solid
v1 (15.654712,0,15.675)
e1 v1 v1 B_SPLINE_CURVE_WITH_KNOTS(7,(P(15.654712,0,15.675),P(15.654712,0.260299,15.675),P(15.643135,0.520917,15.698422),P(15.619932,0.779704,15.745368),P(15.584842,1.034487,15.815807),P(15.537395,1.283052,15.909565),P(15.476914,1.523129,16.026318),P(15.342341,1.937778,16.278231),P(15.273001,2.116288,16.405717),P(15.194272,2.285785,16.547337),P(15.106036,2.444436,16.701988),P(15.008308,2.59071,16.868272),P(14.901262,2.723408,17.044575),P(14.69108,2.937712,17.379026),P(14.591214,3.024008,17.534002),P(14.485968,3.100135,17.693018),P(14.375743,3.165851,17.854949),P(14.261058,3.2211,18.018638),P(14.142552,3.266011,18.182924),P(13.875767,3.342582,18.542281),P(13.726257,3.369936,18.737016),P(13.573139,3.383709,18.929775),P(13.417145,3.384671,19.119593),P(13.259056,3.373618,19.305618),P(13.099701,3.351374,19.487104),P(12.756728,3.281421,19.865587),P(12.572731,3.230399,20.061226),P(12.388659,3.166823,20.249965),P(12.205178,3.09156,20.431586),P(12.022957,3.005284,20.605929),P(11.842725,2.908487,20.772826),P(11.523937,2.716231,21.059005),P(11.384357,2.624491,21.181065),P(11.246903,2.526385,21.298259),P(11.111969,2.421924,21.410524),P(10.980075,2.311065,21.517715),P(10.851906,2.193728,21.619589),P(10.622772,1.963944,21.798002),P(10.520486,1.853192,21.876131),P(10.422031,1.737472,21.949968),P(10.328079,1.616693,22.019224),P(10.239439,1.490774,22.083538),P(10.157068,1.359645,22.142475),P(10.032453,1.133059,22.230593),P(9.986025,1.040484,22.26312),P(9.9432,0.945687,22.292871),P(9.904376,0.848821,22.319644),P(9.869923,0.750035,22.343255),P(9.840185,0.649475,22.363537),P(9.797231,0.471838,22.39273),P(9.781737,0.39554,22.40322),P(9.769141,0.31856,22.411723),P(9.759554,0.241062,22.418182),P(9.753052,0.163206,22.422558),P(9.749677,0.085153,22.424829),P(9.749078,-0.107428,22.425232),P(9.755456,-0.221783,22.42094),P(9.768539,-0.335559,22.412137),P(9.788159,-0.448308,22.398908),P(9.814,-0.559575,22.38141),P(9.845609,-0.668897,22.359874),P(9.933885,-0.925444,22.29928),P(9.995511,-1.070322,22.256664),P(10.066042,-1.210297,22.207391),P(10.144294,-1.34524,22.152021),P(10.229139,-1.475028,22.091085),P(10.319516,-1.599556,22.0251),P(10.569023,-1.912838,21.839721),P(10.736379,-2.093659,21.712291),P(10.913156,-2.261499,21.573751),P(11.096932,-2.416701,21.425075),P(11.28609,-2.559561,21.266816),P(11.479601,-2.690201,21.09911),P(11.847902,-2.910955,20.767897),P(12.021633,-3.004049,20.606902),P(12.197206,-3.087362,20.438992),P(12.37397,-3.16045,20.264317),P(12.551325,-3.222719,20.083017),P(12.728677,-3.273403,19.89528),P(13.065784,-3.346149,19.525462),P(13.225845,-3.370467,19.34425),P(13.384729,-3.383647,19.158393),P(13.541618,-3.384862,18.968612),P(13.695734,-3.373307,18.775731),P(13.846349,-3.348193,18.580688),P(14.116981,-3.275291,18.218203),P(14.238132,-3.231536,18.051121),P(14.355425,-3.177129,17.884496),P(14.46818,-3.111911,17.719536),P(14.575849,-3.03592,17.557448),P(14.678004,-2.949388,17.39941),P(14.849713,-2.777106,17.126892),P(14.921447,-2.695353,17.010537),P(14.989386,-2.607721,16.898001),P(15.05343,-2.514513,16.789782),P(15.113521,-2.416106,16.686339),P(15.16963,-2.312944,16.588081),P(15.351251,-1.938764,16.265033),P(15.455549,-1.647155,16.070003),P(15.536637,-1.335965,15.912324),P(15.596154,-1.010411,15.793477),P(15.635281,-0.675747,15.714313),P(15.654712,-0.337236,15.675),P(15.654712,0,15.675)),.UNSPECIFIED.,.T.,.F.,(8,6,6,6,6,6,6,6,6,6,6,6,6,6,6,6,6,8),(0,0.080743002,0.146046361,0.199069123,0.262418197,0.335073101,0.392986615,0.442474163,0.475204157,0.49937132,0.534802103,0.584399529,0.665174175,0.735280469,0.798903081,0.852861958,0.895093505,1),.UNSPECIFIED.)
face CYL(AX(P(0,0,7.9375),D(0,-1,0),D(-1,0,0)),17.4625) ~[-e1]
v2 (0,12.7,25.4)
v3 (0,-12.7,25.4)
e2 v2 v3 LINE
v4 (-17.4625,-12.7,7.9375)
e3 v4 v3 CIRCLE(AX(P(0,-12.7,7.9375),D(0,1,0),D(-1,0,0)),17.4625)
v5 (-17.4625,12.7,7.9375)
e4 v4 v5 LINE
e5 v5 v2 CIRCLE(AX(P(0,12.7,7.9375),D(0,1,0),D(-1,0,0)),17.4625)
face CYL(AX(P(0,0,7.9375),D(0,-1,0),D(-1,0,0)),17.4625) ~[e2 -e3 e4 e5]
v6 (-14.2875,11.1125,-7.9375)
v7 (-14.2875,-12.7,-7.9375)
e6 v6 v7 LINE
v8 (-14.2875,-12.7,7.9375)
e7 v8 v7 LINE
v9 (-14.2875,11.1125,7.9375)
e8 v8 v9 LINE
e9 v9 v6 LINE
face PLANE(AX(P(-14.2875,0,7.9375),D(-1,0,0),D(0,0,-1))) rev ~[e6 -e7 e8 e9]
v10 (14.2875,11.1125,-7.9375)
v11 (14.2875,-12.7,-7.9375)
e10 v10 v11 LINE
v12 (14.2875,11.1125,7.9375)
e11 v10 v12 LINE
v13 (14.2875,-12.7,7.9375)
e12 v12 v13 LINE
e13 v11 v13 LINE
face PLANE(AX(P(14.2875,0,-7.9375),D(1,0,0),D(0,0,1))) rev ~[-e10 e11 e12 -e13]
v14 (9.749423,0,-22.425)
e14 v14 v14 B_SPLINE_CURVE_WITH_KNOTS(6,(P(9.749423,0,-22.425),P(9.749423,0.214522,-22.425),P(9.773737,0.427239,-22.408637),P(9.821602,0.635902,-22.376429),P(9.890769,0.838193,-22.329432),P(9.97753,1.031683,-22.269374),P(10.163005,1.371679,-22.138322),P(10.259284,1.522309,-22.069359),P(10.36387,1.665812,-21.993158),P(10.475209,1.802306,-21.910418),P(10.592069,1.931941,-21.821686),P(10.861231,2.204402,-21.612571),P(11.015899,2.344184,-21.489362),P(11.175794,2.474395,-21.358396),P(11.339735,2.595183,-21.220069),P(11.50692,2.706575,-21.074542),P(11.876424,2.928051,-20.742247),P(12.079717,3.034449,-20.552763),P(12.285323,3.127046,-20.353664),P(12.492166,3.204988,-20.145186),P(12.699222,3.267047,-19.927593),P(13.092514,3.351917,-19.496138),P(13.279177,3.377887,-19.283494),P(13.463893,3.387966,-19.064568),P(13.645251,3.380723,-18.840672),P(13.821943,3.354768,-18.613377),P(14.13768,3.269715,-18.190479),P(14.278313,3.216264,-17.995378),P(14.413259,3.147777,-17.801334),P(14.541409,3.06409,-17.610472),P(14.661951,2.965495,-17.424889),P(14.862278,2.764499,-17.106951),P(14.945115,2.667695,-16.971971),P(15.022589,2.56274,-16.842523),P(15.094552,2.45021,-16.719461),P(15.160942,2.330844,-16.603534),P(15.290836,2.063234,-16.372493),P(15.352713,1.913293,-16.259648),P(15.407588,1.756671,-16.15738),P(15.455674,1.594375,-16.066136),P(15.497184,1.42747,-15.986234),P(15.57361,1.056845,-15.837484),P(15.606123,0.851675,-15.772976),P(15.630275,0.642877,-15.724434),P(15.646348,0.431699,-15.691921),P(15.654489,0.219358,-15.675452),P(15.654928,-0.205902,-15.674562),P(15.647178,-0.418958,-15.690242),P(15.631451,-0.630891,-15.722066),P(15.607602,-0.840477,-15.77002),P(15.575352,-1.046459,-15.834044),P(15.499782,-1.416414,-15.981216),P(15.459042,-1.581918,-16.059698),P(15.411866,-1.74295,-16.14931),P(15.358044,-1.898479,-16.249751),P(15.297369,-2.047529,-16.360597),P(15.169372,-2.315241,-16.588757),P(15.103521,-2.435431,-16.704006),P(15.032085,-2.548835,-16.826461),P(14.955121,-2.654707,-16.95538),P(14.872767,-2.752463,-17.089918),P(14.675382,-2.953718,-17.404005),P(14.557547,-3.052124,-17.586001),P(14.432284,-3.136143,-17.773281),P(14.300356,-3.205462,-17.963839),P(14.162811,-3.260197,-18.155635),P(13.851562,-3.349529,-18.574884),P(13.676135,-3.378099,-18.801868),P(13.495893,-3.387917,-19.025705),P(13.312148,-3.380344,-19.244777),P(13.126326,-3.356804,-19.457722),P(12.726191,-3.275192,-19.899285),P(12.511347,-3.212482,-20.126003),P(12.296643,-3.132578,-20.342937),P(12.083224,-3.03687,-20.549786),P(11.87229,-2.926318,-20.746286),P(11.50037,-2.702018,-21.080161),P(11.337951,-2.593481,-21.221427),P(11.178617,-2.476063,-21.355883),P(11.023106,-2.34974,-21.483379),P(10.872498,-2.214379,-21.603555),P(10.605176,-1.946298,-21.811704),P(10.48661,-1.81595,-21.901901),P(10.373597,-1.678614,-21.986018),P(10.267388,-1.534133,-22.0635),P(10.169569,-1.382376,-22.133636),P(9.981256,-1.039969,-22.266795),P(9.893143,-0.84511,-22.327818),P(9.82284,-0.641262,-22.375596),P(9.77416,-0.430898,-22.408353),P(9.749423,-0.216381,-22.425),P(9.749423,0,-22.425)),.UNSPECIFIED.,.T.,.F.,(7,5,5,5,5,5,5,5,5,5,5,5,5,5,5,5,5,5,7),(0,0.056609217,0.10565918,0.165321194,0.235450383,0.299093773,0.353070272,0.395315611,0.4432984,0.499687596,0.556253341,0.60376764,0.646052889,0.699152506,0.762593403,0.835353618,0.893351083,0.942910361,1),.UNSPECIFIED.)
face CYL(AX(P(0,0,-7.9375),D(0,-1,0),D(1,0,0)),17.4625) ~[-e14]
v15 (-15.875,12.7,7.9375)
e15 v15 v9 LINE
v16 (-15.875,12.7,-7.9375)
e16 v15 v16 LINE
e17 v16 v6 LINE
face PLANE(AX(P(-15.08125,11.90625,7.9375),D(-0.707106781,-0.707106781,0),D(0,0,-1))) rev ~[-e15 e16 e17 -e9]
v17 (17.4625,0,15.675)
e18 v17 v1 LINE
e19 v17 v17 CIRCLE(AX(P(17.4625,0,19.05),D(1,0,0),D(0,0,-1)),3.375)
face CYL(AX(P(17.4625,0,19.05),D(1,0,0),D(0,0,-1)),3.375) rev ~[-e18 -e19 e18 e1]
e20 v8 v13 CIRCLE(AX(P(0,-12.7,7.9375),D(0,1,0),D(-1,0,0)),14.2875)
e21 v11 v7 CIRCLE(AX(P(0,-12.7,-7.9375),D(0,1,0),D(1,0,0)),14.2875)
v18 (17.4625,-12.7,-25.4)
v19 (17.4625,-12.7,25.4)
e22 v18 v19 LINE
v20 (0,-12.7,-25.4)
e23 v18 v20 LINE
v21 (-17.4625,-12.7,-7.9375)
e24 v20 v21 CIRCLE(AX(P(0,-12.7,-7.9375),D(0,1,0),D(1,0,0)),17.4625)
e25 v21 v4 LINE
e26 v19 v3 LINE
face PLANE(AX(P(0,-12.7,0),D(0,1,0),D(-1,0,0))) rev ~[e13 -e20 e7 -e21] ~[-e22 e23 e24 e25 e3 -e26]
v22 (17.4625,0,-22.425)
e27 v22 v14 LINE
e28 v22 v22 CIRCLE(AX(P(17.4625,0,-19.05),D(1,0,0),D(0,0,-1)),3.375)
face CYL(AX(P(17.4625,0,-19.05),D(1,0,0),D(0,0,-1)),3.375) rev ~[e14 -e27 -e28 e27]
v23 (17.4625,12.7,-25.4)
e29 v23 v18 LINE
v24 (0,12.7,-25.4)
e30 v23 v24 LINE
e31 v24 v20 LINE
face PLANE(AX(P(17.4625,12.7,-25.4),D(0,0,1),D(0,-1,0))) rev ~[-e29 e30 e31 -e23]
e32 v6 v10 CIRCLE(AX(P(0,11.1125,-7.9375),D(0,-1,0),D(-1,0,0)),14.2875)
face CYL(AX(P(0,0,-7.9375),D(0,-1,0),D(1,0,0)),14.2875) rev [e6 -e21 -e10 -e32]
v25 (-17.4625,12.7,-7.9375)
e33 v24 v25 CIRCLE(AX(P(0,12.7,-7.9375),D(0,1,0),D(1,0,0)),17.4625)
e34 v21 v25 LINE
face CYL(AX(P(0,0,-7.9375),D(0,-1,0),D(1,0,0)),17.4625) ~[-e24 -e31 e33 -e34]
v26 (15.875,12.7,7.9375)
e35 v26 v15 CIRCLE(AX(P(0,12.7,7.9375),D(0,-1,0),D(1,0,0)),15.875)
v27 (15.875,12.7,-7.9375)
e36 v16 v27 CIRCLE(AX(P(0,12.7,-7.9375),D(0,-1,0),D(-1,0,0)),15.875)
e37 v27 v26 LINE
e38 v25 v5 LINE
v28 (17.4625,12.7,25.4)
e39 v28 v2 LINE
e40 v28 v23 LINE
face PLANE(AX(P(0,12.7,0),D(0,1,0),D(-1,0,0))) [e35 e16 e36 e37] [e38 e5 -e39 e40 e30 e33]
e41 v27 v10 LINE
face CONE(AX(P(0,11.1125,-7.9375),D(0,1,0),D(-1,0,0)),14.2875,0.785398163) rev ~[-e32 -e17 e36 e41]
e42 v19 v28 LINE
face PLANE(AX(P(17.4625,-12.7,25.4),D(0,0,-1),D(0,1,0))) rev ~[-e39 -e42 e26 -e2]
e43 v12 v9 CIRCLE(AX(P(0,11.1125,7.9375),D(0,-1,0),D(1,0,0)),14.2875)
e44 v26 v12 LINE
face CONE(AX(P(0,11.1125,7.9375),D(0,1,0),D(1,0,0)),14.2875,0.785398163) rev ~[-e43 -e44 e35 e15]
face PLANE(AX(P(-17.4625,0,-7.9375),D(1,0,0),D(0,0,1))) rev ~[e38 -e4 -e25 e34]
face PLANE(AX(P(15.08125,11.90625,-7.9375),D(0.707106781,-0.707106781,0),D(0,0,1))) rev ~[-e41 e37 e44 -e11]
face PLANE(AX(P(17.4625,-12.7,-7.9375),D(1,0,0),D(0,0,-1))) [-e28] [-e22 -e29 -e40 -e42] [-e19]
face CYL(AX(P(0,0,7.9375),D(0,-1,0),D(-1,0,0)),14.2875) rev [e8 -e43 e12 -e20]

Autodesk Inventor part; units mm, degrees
ref_plane "YZ Plane" through (0, 0, 0) normal (1, 0, 0) x (0, 1, 0)
ref_plane "XZ Plane" through (0, 0, 0) normal (0, 1, 0) x (-1, 0, 0)
ref_plane "XY Plane" through (0, 0, 0) normal (0, 0, 1) x (1, 0, 0)
sketch "Sketch1" plane through (0, 0, 0) normal (0, 1, 0) x (-1, 0, 0)
  line L0 (0, -7.9375) -> (0, 7.9375) construction
  line L1 (17.4625, -7.9375) -> (17.4625, 7.9375)
  line L2 (-17.4625, 7.9375) -> (-17.4625, -7.9375)
  arc A0 (-17.4625, -7.9375) -> (17.4625, -7.9375) centre (0, -7.9375) ccw
  arc A1 (17.4625, 7.9375) -> (-17.4625, 7.9375) centre (0, 7.9375) ccw
  line L3 (14.2875, 7.9375) -> (14.2875, -7.9375)
  arc A2 (-14.2875, -7.9375) -> (14.2875, -7.9375) centre (0, -7.9375) ccw
  line L4 (-14.2875, -7.9375) -> (-14.2875, 7.9375)
  arc A3 (14.2875, 7.9375) -> (-14.2875, 7.9375) centre (0, 7.9375) ccw
  point P0 (0, 0)
  point P1 (0, 25.4)
  point P2 (0, -25.4)
  dimension "d1" = 34.925
  dimension "d2" = 3.175
  dimension "d3" = 50.8
extrude "Extrusion1" add sketch "Sketch1" along normal mid plane 25.4
sketch "Sketch2" plane through (17.4625, -12.7, -7.9375) normal (1, 0, 0) x (0, 0, -1)
  line L0 (0, 0) -> (0, 25.4) construction
  line L1 (-15.875, 25.4) -> (0, 25.4) construction
  line L2 (-15.875, 0) -> (-15.875, 25.4) construction
  line L3 (0, 0) -> (-15.875, 0) construction
  line L4 (-15.875, 0) -> (-15.875, 25.4) construction
  line L5 (-15.875, 25.4) -> (-15.875, 25.4) construction
  line L6 (-15.875, 25.4) -> (-15.875, 0) construction
  line L7 (-15.875, 0) -> (-15.875, 0) construction
  line L8 (0, 0) -> (0, 25.4) construction
  line L9 (0, 25.4) -> (0, 25.4) construction
  line L10 (0, 0) -> (0, 25.4) construction
  line L11 (0, 0) -> (0, 0) construction
  line L12 (-15.875, 25.4) -> (-33.3375, 25.4) construction
  line L13 (17.4625, 0) -> (17.4625, 25.4) construction
  line L14 (-33.3375, 25.4) -> (17.4625, 25.4)
  line L15 (17.4625, 25.4) -> (17.4625, 0)
  line L16 (17.4625, 0) -> (-33.3375, 0)
  line L17 (-33.3375, 0) -> (-33.3375, 25.4)
  line L18 (0, 0) -> (-15.875, 0) construction
  circle A0 centre (-26.9875, 12.7) radius 3.375
  circle A1 centre (11.1125, 12.7) radius 3.375
  line L19 (-26.9875, 12.7) -> (11.1125, 12.7) construction
  point P0 (-7.9375, 12.7)
  point P1 (-7.9375, 12.7)
  dimension "d6" = 6.75
  dimension "d7" = 38.1
extrude "Extrusion2" add sketch "Sketch2" against normal up to next
extrude "Extrusion3" cut sketch "Sketch1" along normal mid plane 25.4 contours L3 A2 L4 A3
chamfer "Chamfer1" distance 1.5875 angle 45 4 edges at (-14.2875, 12.7, 0) (0, 12.7, -22.225) (14.2875, 12.7, 0) (0, 12.7, 22.225)
properties part number "WL-005" material "Aluminum 6061"
